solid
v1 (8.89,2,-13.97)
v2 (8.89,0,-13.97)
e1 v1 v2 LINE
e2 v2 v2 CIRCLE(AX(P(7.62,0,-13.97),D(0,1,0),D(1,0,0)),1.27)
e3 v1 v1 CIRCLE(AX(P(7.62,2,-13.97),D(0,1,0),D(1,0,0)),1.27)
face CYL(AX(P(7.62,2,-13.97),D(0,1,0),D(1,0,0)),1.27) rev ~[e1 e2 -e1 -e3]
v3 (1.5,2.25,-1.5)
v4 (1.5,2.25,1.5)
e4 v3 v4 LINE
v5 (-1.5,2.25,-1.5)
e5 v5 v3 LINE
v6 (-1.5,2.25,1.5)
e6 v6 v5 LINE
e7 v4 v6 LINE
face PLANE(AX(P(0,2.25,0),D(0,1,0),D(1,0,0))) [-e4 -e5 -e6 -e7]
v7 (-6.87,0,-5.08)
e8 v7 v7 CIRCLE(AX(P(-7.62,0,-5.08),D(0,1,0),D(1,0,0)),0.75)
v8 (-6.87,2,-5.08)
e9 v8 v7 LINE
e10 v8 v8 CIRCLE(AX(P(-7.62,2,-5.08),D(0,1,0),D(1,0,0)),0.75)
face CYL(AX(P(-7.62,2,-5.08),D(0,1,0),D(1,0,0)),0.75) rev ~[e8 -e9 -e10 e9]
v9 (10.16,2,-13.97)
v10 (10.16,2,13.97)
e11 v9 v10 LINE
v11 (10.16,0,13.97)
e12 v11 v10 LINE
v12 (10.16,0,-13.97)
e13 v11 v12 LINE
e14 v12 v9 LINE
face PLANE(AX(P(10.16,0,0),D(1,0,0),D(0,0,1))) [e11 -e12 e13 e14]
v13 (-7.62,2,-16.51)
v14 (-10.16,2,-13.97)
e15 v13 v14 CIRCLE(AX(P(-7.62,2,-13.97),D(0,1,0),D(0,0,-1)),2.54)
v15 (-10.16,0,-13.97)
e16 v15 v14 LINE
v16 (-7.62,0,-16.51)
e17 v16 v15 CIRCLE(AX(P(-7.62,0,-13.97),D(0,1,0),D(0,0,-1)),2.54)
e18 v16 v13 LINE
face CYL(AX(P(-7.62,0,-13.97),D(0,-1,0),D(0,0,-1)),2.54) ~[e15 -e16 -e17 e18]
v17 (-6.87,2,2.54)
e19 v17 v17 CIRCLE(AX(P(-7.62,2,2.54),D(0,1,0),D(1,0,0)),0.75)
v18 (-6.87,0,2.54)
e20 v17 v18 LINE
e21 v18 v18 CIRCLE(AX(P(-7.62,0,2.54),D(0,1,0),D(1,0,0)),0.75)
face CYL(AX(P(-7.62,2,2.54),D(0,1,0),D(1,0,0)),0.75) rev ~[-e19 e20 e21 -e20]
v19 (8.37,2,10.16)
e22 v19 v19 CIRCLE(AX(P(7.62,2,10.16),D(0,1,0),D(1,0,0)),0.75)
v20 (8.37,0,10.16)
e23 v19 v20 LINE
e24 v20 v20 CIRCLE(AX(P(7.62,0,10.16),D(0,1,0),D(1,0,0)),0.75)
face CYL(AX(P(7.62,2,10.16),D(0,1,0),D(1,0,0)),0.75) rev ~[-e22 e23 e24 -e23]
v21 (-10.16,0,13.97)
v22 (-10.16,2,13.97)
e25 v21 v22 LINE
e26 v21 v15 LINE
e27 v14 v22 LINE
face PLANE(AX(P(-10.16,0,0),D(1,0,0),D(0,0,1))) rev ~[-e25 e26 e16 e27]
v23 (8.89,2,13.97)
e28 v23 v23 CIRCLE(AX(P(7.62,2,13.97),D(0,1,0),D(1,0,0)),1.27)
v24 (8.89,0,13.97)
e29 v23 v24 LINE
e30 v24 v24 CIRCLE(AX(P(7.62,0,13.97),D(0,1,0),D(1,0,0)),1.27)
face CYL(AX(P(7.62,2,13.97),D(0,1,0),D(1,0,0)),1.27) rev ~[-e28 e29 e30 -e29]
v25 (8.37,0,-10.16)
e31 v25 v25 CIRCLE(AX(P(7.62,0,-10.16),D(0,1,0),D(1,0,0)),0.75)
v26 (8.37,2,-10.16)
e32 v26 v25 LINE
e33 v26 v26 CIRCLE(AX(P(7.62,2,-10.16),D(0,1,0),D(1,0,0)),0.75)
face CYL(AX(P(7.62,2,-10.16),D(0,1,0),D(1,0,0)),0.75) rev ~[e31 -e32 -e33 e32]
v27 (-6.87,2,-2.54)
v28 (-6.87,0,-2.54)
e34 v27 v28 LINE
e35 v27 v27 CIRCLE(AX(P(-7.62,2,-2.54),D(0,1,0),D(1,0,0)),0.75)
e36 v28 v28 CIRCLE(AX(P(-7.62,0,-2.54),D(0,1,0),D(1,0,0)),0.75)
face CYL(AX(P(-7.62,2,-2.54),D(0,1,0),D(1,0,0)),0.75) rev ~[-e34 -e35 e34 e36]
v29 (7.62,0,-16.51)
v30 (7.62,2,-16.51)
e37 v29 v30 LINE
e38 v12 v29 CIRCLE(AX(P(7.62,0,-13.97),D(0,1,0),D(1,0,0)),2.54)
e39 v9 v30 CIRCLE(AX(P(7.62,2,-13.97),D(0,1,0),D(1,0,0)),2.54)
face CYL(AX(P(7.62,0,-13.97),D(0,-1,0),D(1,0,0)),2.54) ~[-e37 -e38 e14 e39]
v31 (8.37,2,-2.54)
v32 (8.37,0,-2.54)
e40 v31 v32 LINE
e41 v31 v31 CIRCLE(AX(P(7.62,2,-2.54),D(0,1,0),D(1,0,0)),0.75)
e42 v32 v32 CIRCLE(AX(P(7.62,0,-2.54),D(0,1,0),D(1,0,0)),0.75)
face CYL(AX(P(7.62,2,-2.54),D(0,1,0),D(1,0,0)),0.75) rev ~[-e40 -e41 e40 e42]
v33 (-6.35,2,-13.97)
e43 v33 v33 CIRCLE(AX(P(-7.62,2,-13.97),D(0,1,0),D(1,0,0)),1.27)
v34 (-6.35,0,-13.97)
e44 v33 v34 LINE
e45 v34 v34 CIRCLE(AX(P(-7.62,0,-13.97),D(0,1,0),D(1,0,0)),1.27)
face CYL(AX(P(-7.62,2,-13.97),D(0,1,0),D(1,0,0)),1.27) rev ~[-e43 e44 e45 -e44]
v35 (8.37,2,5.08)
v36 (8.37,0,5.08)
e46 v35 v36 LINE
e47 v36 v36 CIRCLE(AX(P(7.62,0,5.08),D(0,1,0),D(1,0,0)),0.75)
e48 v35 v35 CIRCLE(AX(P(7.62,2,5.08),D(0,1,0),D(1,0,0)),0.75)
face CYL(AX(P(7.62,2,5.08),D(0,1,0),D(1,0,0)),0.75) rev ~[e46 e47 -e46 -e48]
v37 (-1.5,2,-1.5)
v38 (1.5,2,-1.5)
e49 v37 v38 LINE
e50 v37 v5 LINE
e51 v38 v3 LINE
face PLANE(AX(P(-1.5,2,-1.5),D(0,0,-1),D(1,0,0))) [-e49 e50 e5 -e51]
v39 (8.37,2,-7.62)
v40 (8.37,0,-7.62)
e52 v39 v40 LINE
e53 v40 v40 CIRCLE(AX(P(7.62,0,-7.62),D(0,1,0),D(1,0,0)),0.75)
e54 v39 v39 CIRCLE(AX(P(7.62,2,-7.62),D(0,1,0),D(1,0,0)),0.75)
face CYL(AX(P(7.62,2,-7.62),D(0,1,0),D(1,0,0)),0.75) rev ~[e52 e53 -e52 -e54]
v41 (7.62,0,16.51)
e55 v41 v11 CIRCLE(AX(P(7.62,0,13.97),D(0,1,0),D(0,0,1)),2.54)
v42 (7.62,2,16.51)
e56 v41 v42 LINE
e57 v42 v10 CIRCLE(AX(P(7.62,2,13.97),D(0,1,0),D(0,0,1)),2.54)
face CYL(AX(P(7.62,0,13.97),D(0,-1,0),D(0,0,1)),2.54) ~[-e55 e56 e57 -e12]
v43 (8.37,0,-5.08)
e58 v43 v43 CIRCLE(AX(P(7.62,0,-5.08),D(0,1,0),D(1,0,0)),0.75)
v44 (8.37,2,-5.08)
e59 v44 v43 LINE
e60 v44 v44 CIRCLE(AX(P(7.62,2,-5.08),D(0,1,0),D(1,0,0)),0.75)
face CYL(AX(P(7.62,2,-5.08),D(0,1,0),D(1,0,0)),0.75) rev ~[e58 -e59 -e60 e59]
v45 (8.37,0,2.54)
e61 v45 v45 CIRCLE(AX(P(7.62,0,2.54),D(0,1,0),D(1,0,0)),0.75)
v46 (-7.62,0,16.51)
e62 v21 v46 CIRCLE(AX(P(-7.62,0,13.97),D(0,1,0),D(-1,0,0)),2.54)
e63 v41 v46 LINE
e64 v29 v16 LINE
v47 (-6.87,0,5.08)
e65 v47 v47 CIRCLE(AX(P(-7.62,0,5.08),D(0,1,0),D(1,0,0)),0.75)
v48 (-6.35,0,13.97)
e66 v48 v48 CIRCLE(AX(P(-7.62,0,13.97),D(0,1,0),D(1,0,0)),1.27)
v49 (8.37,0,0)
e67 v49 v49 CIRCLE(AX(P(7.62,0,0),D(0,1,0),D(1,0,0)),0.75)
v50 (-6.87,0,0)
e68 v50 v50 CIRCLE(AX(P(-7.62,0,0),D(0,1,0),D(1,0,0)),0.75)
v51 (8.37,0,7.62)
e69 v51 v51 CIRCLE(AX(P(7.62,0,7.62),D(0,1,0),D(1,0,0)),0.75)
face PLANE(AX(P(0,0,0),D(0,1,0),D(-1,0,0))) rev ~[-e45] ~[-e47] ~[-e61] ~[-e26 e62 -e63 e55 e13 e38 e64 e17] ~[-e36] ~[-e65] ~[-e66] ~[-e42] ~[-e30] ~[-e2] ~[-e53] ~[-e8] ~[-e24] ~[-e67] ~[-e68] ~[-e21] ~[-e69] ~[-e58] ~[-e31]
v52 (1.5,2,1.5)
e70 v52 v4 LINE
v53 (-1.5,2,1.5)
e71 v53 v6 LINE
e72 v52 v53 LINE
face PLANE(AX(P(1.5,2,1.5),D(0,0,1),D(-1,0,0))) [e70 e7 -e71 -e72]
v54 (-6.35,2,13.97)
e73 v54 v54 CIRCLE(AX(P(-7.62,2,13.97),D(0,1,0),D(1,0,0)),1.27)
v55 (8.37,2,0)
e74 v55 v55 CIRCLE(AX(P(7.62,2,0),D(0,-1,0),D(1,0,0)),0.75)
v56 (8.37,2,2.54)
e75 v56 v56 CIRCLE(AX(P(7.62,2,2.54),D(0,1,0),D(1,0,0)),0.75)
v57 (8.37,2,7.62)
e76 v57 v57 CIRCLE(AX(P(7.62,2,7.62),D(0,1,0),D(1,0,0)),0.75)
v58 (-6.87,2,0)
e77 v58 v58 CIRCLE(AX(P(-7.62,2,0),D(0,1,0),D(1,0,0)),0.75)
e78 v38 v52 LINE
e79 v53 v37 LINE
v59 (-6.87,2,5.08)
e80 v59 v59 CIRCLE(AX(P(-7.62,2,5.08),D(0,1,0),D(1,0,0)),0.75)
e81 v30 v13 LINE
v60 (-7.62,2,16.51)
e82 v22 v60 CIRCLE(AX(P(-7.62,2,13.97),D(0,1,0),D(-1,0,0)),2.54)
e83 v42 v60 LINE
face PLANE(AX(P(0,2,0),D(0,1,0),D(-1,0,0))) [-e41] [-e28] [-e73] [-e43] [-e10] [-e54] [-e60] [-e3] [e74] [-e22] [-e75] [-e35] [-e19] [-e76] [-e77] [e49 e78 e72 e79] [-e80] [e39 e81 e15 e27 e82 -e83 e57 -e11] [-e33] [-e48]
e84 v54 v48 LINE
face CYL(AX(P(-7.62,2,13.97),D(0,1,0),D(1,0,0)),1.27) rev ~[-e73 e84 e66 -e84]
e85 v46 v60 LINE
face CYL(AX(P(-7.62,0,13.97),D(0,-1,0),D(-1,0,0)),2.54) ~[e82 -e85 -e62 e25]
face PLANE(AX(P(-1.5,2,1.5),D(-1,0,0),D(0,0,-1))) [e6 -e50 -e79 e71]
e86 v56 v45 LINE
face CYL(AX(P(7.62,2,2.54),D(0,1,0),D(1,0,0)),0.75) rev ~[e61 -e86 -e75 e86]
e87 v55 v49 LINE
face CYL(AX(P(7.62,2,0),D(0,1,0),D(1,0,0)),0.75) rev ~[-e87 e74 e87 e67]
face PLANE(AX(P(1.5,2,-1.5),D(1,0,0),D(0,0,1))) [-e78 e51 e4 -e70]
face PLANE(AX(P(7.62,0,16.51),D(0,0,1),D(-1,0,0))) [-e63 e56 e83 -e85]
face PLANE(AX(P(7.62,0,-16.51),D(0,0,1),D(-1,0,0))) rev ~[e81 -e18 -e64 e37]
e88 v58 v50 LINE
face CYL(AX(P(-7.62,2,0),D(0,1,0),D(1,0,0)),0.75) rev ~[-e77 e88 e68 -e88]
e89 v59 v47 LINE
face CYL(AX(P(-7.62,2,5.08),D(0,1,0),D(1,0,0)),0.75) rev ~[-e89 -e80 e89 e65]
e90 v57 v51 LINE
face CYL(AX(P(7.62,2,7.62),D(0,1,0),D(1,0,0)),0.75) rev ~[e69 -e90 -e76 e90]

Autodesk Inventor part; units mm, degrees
ref_plane "YZ Plane" through (0, 0, 0) normal (1, 0, 0) x (0, 1, 0)
ref_plane "XZ Plane" through (0, 0, 0) normal (0, 1, 0) x (-1, 0, 0)
ref_plane "XY Plane" through (0, 0, 0) normal (0, 0, 1) x (1, 0, 0)
sketch "Sketch1" plane through (0, 0, 0) normal (0, 1, 0) x (-1, 0, 0)
  line L0 (0, 0) -> (10.16, 0)
  line L1 (10.16, 0) -> (10.16, -13.97)
  line L2 (10.16, 0) -> (10.16, 13.97)
  line L3 (10.16, 0) -> (24.13, 0) construction
  line L4 (0, 0) -> (-10.16, 0)
  line L5 (0, 0) -> (10.16, 0) construction
  line L6 (-10.16, 0) -> (-10.16, -13.97)
  line L7 (-10.16, 0) -> (-10.16, 13.97)
  line L8 (-10.16, 13.97) -> (-7.62, 13.97)
  arc A0 (-7.62, 16.51) -> (-10.16, 13.97) centre (-7.62, 13.97) ccw
  line L9 (-7.62, 13.97) -> (-7.62, 16.51) construction
  line L10 (-7.62, 13.97) -> (-10.16, 13.97) construction
  line L11 (0, 0) -> (0, -1)
  line L12 (10.16, 13.97) -> (7.62, 13.97)
  line L13 (10.16, 13.97) -> (12.7, 13.97) construction
  arc A1 (10.16, 13.97) -> (7.62, 16.51) centre (7.62, 13.97) ccw
  line L14 (7.62, 13.97) -> (7.62, 16.51) construction
  line L15 (7.62, 13.97) -> (10.16, 13.97) construction
  line L16 (-7.62, 16.51) -> (7.62, 16.51)
  line L17 (10.16, -13.97) -> (7.62, -13.97)
  line L18 (10.16, -13.97) -> (12.7, -13.97) construction
  line L19 (-10.16, -13.97) -> (-7.62, -13.97)
  arc A2 (7.62, -16.51) -> (10.16, -13.97) centre (7.62, -13.97) ccw
  arc A3 (-10.16, -13.97) -> (-7.62, -16.51) centre (-7.62, -13.97) ccw
  line L20 (-7.62, -16.51) -> (7.62, -16.51)
  dimension "d0" = 10.16
  dimension "d1" = 13.97
  dimension "d2" = 13.97
  dimension "d3" = 90
  dimension "d4" = 10.16
  dimension "d5" = 180
  dimension "d6" = 13.97
  dimension "d7" = 13.97
  dimension "d8" = 2.54
  dimension "d9" = 90
  dimension "d11" = 1
  dimension "d12" = 2.54
  dimension "d13" = 180
  dimension "d14" = 90
  dimension "d15" = 2.54
  dimension "d16" = 180
  dimension "d17" = 2.54
  dimension "d18" = 15.24
extrude "Extrusion1" add sketch "Sketch1" along normal blind 2
sketch "Sketch2" plane through (0, 2, 0) normal (0, 1, 0) x (1, 0, 0)
  line L0 (0, 0) -> (7.62, 0)
  line L1 (0, 0) -> (-7.62, 0)
  circle A0 centre (7.62, 0) radius 0.75
  line L2 (0, 0) -> (0, 1)
  circle A1 centre (7.62, 2.54) radius 0.75
  circle A2 centre (7.62, 5.08) radius 0.75
  circle A3 centre (7.62, 7.62) radius 0.75
  circle A4 centre (7.62, 10.16) radius 0.75
  circle A5 centre (7.62, -2.54) radius 0.75
  circle A6 centre (7.62, 0) radius 0.75
  circle A7 centre (7.62, 2.54) radius 0.75
  circle A8 centre (7.62, 5.08) radius 0.75
  circle A9 centre (7.62, 7.62) radius 0.75
  circle A10 centre (7.62, -5.08) radius 0.75
  circle A11 centre (7.62, -2.54) radius 0.75
  circle A12 centre (7.62, 0) radius 0.75
  circle A13 centre (7.62, 2.54) radius 0.75
  circle A14 centre (7.62, 5.08) radius 0.75
  circle A15 centre (7.62, -7.62) radius 0.75
  circle A16 centre (7.62, -5.08) radius 0.75
  circle A17 centre (7.62, -2.54) radius 0.75
  circle A18 centre (7.62, 0) radius 0.75
  circle A19 centre (7.62, 2.54) radius 0.75
  circle A20 centre (7.62, -10.16) radius 0.75
  circle A21 centre (7.62, -7.62) radius 0.75
  circle A22 centre (7.62, -5.08) radius 0.75
  circle A23 centre (7.62, -2.54) radius 0.75
  circle A24 centre (7.62, 0) radius 0.75
  circle A25 centre (-7.62, 0) radius 0.75
  circle A26 centre (-7.62, 2.54) radius 0.75
  circle A27 centre (-7.62, 5.08) radius 0.75
  circle A28 centre (-7.62, -2.54) radius 0.75
  circle A29 centre (-7.62, 0) radius 0.75
  circle A30 centre (-7.62, 2.54) radius 0.75
  circle A31 centre (-7.62, -5.08) radius 0.75
  circle A32 centre (-7.62, -2.54) radius 0.75
  circle A33 centre (-7.62, 0) radius 0.75
  dimension "d21" = 7.62
  dimension "d22" = 7.62
  dimension "d23" = 1.5
  dimension "d24" = 1
  dimension "d27" = 2.54
  dimension "d30" = 2.54
  dimension "d33" = 1.5
  dimension "d36" = 2.54
  dimension "d39" = 2.54
extrude "Extrusion2" cut sketch "Sketch2" against normal blind 2
sketch "Sketch3" plane through (0, 2, 0) normal (0, 1, 0) x (1, 0, 0)
  line L0 (1.5, -1.5) -> (-1.5, -1.5)
  line L1 (-1.5, -1.5) -> (-1.5, 1.5)
  line L2 (-1.5, 1.5) -> (1.5, 1.5)
  line L3 (1.5, 1.5) -> (1.5, -1.5)
  line L4 (1.5, -1.5) -> (-1.5, 1.5) construction
  line L5 (-1.5, -1.5) -> (1.5, 1.5) construction
  point P0 (0, 0)
  dimension "d44" = 3
  dimension "d45" = 3
extrude "Extrusion3" add sketch "Sketch3" along normal blind 0.25
sketch "Sketch4" plane through (0, 2, 0) normal (0, 1, 0) x (1, 0, 0)
  arc A0 (7.62, -16.51) -> (10.16, -13.97) centre (7.62, -13.97) ccw projected
  circle A1 centre (7.62, -13.97) radius 1.27
  line L0 (1.5, -1.5) -> (1.5, 1.5) projected
  line L1 (1.5, -1.5) -> (1.5, 1.5)
  line L2 (-1.5, 1.5) -> (-1.5, -1.5) projected
  line L3 (1.5, 1.5) -> (-1.5, 1.5)
  circle A2 centre (7.62, 13.97) radius 1.27
  circle A3 centre (-7.62, -13.97) radius 1.27
  circle A4 centre (-7.62, 13.97) radius 1.27
  point P0 (0, 0)
  dimension "d48" = 2.54
  dimension "d51" = 27.94
  dimension "d54" = 15.24
extrude "Extrusion4" cut sketch "Sketch4" against normal blind 2
properties part number "LSM9DS1"
